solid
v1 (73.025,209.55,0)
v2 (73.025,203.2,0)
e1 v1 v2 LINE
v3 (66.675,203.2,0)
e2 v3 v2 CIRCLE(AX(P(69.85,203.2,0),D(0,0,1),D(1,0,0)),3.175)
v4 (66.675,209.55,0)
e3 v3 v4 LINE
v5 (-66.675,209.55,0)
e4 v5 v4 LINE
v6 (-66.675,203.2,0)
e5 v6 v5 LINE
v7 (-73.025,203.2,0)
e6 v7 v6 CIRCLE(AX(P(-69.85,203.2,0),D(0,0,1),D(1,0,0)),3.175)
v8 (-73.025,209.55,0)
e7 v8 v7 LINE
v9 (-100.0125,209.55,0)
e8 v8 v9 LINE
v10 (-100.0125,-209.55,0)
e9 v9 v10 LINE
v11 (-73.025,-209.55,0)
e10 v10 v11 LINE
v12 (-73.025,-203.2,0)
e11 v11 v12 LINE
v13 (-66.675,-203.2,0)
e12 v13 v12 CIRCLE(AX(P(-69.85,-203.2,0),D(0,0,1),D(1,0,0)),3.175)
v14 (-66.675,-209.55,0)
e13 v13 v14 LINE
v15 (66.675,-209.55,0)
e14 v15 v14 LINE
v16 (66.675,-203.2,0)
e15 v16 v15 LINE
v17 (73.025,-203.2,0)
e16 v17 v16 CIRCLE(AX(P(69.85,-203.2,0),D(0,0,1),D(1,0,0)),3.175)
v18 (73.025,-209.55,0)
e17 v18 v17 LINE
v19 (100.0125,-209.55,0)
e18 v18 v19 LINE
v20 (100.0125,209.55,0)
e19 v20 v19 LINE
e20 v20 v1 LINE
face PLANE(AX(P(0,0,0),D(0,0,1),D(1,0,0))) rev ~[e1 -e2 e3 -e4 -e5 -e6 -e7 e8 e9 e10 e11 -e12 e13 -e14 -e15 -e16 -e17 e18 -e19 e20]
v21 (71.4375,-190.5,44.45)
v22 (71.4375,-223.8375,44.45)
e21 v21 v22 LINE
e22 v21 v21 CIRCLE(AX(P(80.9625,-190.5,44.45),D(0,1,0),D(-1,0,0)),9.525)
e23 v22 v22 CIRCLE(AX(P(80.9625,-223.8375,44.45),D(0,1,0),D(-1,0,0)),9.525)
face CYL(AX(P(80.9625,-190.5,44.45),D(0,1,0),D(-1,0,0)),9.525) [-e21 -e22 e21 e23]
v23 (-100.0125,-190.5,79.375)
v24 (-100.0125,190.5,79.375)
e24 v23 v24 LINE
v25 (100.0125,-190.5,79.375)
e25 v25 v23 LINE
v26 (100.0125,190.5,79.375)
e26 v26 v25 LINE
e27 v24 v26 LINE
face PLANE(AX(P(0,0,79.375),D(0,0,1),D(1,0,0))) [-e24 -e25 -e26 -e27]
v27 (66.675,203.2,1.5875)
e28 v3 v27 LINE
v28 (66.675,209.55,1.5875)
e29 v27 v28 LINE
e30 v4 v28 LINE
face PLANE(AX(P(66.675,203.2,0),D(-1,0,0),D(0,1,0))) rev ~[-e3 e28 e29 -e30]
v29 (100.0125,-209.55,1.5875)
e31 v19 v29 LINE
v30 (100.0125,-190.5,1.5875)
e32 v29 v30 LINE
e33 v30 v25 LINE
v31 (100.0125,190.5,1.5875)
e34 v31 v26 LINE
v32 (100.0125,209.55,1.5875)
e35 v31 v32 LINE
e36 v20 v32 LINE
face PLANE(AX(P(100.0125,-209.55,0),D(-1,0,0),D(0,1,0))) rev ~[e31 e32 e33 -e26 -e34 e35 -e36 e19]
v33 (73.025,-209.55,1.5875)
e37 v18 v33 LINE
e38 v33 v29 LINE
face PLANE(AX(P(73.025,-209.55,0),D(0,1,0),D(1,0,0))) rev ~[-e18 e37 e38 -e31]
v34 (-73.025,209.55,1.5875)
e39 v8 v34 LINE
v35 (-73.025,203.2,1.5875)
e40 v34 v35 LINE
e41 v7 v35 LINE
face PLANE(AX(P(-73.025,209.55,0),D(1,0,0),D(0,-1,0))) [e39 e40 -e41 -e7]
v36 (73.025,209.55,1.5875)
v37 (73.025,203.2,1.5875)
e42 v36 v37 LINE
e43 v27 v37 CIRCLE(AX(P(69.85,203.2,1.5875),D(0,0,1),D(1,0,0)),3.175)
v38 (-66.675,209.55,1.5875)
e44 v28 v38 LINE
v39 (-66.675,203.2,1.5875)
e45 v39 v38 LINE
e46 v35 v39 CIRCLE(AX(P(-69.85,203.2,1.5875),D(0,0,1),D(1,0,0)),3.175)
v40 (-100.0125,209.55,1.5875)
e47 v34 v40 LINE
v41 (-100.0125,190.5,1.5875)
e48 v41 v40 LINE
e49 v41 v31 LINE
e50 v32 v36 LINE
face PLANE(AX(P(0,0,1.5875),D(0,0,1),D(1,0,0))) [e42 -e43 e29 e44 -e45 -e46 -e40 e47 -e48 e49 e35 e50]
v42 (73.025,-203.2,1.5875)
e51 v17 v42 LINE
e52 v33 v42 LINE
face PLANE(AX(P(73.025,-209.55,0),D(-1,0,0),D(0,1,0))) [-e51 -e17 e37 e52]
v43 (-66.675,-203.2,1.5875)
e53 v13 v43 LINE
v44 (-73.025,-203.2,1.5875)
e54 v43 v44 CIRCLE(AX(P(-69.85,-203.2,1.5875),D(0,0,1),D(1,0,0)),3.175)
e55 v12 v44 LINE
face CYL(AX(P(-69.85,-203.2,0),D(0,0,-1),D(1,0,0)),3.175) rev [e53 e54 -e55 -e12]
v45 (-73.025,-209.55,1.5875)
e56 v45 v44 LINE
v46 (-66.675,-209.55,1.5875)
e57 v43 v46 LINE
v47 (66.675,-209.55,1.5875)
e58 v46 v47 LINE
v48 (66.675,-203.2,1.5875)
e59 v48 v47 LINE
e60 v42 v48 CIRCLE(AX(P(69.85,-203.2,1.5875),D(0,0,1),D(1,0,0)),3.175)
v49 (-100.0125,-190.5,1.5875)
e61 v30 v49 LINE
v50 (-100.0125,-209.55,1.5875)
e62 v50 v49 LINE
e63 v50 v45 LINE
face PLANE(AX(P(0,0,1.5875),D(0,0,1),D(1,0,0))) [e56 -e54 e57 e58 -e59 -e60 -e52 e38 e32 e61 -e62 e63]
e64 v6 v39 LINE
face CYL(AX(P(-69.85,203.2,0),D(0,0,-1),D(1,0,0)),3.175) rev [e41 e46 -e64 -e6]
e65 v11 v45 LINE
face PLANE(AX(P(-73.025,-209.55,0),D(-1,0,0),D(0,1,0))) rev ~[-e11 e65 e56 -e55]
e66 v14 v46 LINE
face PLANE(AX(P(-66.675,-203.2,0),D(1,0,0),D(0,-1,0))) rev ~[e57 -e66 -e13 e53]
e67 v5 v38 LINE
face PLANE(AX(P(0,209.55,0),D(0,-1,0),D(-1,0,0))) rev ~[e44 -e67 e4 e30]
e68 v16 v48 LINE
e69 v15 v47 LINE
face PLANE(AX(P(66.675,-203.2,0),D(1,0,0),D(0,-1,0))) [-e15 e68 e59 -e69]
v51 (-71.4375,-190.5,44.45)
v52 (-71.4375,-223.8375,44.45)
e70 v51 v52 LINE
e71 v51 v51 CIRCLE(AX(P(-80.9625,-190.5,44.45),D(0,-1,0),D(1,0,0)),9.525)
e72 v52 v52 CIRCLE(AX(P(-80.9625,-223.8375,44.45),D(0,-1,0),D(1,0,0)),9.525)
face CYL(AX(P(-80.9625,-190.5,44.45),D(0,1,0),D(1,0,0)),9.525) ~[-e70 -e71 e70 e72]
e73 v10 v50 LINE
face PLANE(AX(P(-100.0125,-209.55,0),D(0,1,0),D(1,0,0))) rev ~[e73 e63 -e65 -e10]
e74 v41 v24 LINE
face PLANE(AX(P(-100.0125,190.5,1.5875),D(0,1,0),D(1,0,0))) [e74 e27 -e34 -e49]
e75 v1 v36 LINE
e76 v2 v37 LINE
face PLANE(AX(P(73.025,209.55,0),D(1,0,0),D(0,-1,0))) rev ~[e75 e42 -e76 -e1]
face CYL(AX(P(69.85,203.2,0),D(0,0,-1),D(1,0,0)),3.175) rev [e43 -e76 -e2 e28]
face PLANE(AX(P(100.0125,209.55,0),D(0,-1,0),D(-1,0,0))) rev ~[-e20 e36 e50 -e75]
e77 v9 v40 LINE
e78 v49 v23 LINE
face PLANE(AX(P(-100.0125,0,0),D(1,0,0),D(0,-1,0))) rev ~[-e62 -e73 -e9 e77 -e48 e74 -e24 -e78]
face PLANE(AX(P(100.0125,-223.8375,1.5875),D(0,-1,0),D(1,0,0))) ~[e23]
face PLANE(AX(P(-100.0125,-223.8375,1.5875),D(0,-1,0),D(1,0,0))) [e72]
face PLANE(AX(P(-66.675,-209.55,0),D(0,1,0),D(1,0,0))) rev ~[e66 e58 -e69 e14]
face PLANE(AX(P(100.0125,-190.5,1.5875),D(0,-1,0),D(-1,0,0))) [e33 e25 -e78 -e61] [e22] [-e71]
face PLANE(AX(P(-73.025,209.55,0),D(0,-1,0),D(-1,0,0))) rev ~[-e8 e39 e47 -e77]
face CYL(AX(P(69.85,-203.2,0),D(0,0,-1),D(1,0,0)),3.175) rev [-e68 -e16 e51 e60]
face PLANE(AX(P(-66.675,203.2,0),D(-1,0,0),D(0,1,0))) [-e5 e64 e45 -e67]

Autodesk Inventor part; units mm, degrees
ref_plane "YZ Plane" through (0, 0, 0) normal (1, 0, 0) x (0, 1, 0)
ref_plane "XZ Plane" through (0, 0, 0) normal (0, 1, 0) x (-1, 0, 0)
ref_plane "XY Plane" through (0, 0, 0) normal (0, 0, 1) x (1, 0, 0)
sketch "Sketch1" plane through (0, 0, 0) normal (0, 0, 1) x (1, 0, 0)
  line L0 (-100.0125, -209.55) -> (100.0125, -209.55)
  line L1 (100.0125, -209.55) -> (100.0125, 209.55)
  line L2 (100.0125, 209.55) -> (-100.0125, 209.55)
  line L3 (-100.0125, 209.55) -> (-100.0125, -209.55)
  circle A0 centre (69.85, 203.2) radius 3.175
  line L4 (66.675, 209.55) -> (73.025, 209.55)
  line L5 (73.025, 209.55) -> (73.025, 203.2)
  line L6 (73.025, 203.2) -> (66.675, 203.2)
  line L7 (66.675, 203.2) -> (66.675, 209.55)
  line L8 (0, 209.55) -> (0, -209.55)
  line L9 (100.0125, 0) -> (-100.0125, 0)
  circle A1 centre (-69.85, 203.2) radius 3.175
  line L10 (-66.675, 209.55) -> (-73.025, 209.55)
  line L11 (-73.025, 209.55) -> (-73.025, 203.2)
  line L12 (-73.025, 203.2) -> (-66.675, 203.2)
  line L13 (-66.675, 203.2) -> (-66.675, 209.55)
  circle A2 centre (69.85, -203.2) radius 3.175
  line L14 (66.675, -209.55) -> (73.025, -209.55)
  line L15 (73.025, -209.55) -> (73.025, -203.2)
  line L16 (73.025, -203.2) -> (66.675, -203.2)
  line L17 (66.675, -203.2) -> (66.675, -209.55)
  circle A3 centre (-69.85, -203.2) radius 3.175
  line L18 (-66.675, -209.55) -> (-73.025, -209.55)
  line L19 (-73.025, -209.55) -> (-73.025, -203.2)
  line L20 (-73.025, -203.2) -> (-66.675, -203.2)
  line L21 (-66.675, -203.2) -> (-66.675, -209.55)
  point P0 (0, 0)
  point P1 (0, 0)
  dimension "d0" = 419.1
  dimension "d1" = 200.025
  dimension "d2" = 6.35
  dimension "d3" = 6.35
  dimension "d4" = 30.1625
extrude "Extrusion1" add sketch "Sketch1" along normal blind 1.5875 contours L3 L9 L8 L0 L21 A3 L19 | L3 L2 L11 A1 L13 L8 L9 | L9 L1 L0 L15 A2 L17 L8 | L8 L2 L7 A0 L5 L1 L9
sketch "Sketch2" plane through (0, 0, 1.5875) normal (0, 0, 1) x (1, 0, 0)
  line L0 (100.0125, 209.55) -> (100.0125, -209.55) projected
  line L1 (-100.0125, -209.55) -> (-100.0125, 209.55) projected
  line L2 (-100.0125, 190.5) -> (100.0125, 190.5)
  line L3 (100.0125, 190.5) -> (100.0125, -190.5)
  line L4 (100.0125, -190.5) -> (-100.0125, -190.5)
  line L5 (-100.0125, -190.5) -> (-100.0125, 190.5)
  point P0 (0, 0)
  point P1 (-100.0125, 0)
  dimension "d7" = 381
extrude "Extrusion2" add sketch "Sketch2" along normal blind 77.7875
sketch "Sketch3" plane through (-100.0125, -190.5, 1.5875) normal (0, -1, 0) x (1, 0, 0)
  line L0 (0, 0) -> (0, 77.7875) projected
  circle A0 centre (19.05, 42.8625) radius 9.525
  line L1 (0, -1.5875) -> (26.9875, -1.5875) projected
  point P0 (100.0125, -1.5875)
  dimension "d10" = 19.05
  dimension "d11" = 44.45
  dimension "d12" = 19.05
extrude "Extrusion3" add sketch "Sketch3" along normal blind 33.3375
mirror "Mirror1" about plane through (0, 0, 0) normal (1, 0, 0) of "Extrusion3"
properties part number "2kW inverter"
